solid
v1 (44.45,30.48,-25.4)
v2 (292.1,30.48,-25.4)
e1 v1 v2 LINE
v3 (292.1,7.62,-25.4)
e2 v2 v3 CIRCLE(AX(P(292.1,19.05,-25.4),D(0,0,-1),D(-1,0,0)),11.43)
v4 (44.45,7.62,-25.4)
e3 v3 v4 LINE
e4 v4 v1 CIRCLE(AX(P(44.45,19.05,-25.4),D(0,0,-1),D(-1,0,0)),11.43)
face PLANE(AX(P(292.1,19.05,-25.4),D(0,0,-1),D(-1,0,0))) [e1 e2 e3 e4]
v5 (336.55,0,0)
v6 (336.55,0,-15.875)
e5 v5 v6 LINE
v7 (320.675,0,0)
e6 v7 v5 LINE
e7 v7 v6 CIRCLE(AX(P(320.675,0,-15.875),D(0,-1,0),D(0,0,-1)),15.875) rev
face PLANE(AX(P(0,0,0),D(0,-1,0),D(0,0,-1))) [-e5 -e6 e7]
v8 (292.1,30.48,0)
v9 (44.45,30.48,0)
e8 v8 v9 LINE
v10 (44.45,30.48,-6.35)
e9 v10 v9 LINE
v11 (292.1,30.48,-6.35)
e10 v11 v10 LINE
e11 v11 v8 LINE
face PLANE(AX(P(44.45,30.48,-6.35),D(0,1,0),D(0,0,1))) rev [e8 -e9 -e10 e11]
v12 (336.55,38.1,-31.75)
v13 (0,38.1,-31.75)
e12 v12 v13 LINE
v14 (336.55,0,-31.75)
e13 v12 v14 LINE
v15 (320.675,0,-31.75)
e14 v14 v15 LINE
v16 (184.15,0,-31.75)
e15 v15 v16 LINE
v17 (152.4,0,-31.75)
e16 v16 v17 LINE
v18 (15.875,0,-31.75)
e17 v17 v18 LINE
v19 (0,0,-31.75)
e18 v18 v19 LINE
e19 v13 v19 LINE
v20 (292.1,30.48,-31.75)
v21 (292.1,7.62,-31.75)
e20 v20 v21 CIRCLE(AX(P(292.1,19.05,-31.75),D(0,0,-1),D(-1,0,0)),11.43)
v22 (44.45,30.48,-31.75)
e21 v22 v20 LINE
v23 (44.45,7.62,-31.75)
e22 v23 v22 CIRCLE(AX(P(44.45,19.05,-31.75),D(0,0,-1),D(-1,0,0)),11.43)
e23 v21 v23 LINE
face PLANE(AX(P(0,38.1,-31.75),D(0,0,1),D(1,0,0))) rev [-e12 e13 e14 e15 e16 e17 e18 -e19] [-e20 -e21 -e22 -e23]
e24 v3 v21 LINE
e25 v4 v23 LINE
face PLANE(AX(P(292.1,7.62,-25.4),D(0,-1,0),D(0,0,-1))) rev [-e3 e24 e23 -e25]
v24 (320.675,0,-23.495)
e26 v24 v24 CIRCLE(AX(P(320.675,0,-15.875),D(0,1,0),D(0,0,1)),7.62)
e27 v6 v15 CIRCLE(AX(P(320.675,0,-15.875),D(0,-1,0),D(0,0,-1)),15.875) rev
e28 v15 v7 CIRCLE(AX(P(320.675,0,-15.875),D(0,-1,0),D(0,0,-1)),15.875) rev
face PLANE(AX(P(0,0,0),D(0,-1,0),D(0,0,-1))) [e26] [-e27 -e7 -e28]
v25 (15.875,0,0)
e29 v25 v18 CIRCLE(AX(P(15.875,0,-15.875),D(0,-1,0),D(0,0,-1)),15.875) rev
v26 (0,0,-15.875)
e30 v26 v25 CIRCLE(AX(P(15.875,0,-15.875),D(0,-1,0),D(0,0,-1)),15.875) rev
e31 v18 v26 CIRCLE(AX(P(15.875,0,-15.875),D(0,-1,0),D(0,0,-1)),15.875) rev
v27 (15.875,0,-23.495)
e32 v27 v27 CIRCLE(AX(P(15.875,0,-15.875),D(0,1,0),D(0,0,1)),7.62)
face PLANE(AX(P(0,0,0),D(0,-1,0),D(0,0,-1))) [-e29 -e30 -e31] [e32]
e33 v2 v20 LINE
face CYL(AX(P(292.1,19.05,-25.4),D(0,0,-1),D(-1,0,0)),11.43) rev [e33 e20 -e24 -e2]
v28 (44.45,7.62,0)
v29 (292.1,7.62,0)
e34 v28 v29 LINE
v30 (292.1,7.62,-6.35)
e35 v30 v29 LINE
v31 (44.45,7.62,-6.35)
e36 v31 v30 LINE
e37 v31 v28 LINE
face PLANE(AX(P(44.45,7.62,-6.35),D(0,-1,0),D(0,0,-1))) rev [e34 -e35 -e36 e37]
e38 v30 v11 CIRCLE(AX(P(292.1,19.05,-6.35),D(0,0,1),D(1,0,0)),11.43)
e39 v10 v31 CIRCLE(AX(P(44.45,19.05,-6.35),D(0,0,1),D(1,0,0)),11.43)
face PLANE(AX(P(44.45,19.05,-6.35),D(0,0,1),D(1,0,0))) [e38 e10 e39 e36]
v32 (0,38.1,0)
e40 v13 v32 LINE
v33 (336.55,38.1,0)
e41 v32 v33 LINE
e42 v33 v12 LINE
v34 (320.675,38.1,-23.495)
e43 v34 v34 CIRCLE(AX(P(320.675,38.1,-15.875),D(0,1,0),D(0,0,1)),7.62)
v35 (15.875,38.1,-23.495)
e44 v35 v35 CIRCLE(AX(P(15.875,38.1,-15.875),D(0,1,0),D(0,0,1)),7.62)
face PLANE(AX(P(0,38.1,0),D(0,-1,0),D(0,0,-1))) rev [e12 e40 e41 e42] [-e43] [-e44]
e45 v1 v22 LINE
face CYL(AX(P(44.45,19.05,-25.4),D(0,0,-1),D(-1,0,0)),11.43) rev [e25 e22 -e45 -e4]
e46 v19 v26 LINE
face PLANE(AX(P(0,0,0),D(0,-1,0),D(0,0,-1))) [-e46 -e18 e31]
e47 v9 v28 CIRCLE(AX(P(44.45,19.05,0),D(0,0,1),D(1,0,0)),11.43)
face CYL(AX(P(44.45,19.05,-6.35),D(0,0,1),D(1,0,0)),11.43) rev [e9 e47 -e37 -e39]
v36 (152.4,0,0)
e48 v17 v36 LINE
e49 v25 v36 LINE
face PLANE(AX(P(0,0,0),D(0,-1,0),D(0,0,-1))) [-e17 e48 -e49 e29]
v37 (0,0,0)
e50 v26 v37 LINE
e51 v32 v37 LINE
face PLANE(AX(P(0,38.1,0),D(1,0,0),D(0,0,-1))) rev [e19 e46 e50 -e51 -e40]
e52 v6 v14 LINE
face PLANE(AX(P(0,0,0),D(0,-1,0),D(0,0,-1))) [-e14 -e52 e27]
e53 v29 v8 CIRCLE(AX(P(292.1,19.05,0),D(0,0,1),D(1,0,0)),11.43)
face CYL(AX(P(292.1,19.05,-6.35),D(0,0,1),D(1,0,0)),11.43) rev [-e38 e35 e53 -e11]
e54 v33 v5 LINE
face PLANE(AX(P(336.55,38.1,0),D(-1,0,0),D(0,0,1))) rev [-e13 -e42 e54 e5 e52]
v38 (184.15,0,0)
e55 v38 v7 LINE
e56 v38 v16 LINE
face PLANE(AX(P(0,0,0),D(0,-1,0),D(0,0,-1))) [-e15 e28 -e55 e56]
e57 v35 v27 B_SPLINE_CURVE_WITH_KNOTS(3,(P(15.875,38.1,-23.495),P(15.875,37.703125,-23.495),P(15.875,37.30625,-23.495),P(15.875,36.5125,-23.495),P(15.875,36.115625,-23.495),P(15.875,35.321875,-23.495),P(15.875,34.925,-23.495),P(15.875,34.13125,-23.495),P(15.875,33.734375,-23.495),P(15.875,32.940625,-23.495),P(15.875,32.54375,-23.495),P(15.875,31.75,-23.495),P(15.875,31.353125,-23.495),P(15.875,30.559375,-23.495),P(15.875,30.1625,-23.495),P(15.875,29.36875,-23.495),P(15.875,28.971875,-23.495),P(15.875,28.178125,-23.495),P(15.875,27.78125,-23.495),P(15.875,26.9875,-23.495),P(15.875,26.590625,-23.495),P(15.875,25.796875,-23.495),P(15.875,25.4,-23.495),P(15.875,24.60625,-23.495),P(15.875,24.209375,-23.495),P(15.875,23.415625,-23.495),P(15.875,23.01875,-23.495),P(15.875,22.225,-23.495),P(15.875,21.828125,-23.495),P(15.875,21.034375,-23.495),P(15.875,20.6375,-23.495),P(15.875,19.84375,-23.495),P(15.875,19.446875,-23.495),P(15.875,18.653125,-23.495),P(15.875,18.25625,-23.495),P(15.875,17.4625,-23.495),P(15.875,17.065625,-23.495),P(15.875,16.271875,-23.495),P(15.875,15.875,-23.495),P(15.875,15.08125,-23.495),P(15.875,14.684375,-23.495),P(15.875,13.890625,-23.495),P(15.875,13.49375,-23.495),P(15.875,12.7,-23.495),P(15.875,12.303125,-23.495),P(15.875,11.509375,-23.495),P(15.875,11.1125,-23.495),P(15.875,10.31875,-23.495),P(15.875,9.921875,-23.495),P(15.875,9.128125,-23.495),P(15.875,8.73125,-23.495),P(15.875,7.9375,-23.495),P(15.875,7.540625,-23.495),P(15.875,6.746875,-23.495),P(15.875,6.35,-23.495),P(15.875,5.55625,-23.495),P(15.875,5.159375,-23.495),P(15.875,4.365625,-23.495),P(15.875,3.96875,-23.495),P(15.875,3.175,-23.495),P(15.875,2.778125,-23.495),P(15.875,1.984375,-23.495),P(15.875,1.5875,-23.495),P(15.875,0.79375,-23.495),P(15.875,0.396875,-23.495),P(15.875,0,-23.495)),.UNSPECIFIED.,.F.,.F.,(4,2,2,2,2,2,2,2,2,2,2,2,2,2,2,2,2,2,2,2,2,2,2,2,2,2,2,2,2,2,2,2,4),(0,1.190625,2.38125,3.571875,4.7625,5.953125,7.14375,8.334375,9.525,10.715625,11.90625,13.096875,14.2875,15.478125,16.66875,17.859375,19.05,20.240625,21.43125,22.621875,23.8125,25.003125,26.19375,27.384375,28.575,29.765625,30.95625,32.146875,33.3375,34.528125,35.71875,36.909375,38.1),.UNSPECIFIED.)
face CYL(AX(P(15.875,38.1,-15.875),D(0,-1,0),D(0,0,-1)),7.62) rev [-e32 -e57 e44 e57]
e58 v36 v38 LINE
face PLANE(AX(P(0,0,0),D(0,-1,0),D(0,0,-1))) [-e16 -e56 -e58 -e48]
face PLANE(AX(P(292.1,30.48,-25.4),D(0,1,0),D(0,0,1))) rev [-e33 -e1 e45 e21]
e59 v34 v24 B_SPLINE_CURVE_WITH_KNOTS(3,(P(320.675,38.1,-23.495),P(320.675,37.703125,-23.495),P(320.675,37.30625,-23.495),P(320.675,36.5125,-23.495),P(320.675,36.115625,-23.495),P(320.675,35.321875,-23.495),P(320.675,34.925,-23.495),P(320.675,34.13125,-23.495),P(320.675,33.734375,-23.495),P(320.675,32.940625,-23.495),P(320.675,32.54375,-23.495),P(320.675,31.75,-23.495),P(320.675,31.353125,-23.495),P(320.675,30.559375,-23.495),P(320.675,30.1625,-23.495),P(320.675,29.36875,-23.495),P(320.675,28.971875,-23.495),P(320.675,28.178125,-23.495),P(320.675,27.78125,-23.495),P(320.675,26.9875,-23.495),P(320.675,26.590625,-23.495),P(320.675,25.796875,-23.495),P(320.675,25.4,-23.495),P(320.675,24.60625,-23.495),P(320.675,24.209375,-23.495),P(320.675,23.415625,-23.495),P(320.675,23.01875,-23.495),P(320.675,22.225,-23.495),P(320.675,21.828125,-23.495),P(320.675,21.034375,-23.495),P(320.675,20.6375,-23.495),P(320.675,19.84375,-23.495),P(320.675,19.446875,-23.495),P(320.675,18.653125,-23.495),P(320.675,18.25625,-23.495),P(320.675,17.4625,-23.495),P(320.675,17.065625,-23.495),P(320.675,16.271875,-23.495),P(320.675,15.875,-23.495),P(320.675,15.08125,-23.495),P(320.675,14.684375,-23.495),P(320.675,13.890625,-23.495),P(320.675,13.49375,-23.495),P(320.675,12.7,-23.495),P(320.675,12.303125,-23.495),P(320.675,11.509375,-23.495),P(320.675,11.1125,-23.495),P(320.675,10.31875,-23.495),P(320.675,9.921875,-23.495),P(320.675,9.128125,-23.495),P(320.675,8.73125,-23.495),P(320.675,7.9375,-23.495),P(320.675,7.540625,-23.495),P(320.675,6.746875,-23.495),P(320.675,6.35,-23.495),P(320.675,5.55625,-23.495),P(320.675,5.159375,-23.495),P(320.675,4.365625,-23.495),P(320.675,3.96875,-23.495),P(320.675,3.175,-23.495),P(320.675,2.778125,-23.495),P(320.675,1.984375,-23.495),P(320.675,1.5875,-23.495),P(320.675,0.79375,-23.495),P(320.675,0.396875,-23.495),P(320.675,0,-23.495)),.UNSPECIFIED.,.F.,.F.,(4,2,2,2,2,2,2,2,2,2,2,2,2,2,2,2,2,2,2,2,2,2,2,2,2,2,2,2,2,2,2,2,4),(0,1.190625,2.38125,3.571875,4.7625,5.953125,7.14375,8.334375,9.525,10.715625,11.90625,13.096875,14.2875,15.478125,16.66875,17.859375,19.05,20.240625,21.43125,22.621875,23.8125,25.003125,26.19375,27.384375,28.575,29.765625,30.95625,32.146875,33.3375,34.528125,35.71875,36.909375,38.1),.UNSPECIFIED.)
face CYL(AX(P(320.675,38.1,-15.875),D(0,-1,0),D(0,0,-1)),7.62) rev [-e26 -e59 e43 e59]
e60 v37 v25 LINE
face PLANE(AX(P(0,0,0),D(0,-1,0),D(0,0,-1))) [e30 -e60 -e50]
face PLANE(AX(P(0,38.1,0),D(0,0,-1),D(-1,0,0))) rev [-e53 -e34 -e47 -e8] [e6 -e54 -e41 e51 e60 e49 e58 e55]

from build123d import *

# Parameters (mm, degrees)
SKETCH1_W           = 336.55
SKETCH1_H           = 31.75
SKETCH1_R           = 7.62
BOSS_EXTRUDE1_DEPTH = 38.1
CUT_EXTRUDE1_DEPTH  = 6.35
CUT_EXTRUDE3_START  = -6.35
CUT_EXTRUDE3_DEPTH  = 6.35


with BuildPart() as part:
    # Sketch1 → Boss-Extrude1 (new body)
    with BuildSketch(Plane(origin=(0, 0, 0), x_dir=(1, 0, 0), z_dir=(0, 1, 0))):
        with Locations((168.275, 15.875)):
            Rectangle(SKETCH1_W, SKETCH1_H)
        with Locations(Location((15.875, 15.875, 0), (0, 0, 90))):
            Circle(SKETCH1_R, mode=Mode.SUBTRACT)
        with Locations(Location((320.675, 15.875, 0), (0, 0, 90))):
            Circle(SKETCH1_R, mode=Mode.SUBTRACT)
    extrude(amount=BOSS_EXTRUDE1_DEPTH)

    # Sketch4 → Cut-Extrude1 (cut)
    with BuildSketch(Plane.XY):
        with BuildLine():
            Line((44.45, 30.48), (292.1, 30.48))
            ThreePointArc((292.1, 30.48), (303.53, 19.05), (292.1, 7.62))
            Line((292.1, 7.62), (44.45, 7.62))
            ThreePointArc((44.45, 7.62), (33.02, 19.05), (44.45, 30.48))
        make_face()
    extrude(amount=-CUT_EXTRUDE1_DEPTH, mode=Mode.SUBTRACT)

    # Sketch6 → Cut-Extrude3 (cut)
    with BuildSketch(Plane(origin=(0, 0, -31.75), x_dir=(-1, 0, 0), z_dir=(0, 0, -1)).offset(CUT_EXTRUDE3_START)):
        with BuildLine():
            Line((-292.1, 30.48), (-44.45, 30.48))
            ThreePointArc((-44.45, 30.48), (-33.02, 19.05), (-44.45, 7.62))
            Line((-44.45, 7.62), (-292.1, 7.62))
            ThreePointArc((-292.1, 7.62), (-303.53, 19.05), (-292.1, 30.48))
        make_face()
    extrude(amount=CUT_EXTRUDE3_DEPTH, mode=Mode.SUBTRACT)


solid = part.part
